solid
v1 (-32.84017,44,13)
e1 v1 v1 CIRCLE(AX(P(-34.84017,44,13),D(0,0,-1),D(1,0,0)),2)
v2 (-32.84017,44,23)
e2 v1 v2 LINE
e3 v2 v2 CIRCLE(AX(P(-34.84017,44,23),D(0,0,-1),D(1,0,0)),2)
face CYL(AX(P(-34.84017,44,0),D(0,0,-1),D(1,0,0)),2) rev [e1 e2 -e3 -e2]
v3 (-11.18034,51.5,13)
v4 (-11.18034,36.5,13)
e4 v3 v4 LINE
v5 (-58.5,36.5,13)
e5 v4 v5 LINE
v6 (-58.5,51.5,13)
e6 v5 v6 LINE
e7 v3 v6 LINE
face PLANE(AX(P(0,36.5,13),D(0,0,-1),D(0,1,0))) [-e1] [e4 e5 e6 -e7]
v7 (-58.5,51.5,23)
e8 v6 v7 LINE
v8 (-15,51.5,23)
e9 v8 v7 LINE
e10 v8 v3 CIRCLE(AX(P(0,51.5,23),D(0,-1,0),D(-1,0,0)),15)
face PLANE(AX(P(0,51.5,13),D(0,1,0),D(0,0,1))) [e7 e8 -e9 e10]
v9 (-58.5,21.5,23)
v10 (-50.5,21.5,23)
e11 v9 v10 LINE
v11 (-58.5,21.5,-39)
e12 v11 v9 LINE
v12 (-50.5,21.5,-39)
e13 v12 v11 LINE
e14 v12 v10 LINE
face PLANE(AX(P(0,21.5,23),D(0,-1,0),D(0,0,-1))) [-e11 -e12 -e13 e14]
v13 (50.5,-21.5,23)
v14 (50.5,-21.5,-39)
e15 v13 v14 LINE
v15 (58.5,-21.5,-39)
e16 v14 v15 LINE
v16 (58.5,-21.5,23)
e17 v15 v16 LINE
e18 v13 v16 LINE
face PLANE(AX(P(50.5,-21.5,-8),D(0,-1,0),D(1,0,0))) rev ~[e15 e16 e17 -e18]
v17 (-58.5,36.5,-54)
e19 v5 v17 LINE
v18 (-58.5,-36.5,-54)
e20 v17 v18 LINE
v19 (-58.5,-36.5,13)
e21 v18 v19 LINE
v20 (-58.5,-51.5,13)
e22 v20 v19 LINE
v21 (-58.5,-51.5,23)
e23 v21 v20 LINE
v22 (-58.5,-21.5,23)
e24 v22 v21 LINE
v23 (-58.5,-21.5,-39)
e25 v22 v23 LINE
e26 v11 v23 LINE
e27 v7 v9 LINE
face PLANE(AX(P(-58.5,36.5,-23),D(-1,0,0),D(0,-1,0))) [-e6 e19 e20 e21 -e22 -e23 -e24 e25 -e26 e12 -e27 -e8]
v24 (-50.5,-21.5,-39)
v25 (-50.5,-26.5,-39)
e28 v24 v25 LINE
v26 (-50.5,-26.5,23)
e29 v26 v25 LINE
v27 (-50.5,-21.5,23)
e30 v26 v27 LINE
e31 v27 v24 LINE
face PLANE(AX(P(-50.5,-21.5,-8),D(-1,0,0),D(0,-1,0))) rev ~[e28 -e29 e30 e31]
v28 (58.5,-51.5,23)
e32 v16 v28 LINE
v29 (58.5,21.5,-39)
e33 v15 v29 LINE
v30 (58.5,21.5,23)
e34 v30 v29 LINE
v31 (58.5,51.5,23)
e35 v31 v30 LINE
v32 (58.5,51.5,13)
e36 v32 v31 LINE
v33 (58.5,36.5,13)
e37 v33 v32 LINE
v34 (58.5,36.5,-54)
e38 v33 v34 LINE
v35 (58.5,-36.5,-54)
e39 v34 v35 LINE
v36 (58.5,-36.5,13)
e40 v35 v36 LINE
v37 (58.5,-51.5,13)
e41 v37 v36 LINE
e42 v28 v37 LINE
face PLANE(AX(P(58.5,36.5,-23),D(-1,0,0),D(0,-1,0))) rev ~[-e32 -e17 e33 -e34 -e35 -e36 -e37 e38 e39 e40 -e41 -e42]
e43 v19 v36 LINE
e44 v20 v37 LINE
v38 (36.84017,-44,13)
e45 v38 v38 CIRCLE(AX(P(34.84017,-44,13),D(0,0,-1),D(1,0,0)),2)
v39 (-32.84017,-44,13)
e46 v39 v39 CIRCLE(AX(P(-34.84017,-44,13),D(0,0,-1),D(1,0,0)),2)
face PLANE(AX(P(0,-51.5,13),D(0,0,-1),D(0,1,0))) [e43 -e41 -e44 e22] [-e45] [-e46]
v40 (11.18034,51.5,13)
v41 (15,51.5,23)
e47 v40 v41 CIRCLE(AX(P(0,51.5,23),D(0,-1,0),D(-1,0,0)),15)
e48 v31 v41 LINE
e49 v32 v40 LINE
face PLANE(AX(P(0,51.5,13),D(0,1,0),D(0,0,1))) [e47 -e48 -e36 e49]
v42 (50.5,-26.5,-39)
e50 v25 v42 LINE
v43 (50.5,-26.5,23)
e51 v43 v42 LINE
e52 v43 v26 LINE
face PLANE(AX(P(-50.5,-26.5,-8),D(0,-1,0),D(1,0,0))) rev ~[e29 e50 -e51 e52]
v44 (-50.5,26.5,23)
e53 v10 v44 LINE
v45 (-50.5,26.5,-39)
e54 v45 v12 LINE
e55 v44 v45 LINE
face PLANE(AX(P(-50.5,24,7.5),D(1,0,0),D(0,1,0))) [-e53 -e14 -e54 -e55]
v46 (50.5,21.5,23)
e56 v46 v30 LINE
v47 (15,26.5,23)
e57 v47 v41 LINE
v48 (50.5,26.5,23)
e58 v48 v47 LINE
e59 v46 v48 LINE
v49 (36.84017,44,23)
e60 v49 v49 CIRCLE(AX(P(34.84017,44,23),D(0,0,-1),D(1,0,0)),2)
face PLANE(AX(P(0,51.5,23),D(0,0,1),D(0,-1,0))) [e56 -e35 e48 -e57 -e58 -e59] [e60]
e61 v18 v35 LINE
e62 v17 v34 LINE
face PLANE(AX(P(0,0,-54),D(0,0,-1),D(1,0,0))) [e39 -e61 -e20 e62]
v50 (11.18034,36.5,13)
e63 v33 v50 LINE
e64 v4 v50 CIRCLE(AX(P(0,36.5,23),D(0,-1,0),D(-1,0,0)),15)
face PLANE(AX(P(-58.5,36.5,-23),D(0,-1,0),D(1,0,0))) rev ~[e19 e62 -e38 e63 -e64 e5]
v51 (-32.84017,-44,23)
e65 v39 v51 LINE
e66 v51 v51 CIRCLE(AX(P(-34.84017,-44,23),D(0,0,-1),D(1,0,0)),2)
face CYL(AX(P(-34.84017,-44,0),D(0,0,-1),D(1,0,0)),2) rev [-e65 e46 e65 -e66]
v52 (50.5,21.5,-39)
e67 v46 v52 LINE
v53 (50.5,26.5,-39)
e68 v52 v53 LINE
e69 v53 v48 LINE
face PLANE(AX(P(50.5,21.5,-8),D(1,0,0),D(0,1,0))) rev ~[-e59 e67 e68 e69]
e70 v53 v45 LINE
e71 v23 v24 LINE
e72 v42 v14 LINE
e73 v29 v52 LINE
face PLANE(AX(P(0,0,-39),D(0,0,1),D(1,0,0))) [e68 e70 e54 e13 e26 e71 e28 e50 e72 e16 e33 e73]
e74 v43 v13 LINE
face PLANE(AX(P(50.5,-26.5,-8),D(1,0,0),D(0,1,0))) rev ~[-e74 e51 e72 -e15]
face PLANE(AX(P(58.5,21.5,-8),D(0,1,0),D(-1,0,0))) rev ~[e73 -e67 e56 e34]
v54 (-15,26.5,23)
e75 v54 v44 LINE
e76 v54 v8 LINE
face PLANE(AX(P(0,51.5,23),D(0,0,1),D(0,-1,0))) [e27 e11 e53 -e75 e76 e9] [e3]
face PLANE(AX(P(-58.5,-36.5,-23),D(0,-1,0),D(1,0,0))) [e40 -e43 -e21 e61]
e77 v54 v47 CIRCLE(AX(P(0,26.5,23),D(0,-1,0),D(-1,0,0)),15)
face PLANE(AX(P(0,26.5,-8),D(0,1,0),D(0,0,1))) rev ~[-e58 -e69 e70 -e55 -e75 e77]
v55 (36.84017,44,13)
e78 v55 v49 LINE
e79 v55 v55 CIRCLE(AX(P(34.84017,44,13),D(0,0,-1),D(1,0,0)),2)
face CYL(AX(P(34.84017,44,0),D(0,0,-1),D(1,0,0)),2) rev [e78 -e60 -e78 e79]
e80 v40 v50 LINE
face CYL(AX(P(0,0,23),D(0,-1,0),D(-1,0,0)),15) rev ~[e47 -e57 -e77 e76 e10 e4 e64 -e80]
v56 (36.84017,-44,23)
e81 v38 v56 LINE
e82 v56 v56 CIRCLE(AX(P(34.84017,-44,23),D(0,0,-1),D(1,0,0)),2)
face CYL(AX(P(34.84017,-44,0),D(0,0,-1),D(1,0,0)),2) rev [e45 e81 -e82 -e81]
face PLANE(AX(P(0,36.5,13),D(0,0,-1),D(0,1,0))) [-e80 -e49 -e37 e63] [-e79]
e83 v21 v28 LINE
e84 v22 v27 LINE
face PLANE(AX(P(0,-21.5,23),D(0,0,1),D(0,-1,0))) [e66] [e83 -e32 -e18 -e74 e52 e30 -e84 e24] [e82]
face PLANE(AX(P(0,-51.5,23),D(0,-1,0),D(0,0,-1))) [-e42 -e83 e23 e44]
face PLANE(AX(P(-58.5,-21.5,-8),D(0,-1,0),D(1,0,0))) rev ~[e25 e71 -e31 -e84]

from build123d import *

# Parameters (mm, degrees)
F1_DEPTH  = 58.5
F3_DEPTH  = 136.4
F4_R      = 2
F5_DEPTH  = 25
F6_W      = 5
F6_H      = 31
F7_DEPTH  = 50.5
F8_W      = 117
F8_H      = 73
F9_DEPTH  = 31
F11_DEPTH = 31


with BuildPart() as f1:
    # F0 (on Right) → F1 (new body, symmetric)
    with BuildSketch(Plane.YZ):
        Polygon((51.5, 23), (36.5, 23), (21.5, 23), (21.5, -8), (0, -8), (-21.5, -8), (-21.5, 23), (-36.5, 23), (-51.5, 23), (-51.5, 13), (-36.5, 13), (-36.5, -23), (36.5, -23), (36.5, 13), (51.5, 13), align=None)
    extrude(amount=F1_DEPTH, both=True)

    # F2 (on Front) → F3 (cut)
    with BuildSketch(Plane.XZ):
        with BuildLine():
            ThreePointArc((-15, 23), (0, 8), (15, 23))
            Line((15, 23), (-15, 23))
        make_face()
    extrude(amount=-F3_DEPTH, mode=Mode.SUBTRACT)

    # F4 (on Top) → F5 (cut)
    with BuildSketch(Plane.XY):
        with Locations((-34.84017, -44)):
            Circle(F4_R)
        with Locations((34.84017, -44)):
            Circle(F4_R)
        with Locations((-34.84017, 44)):
            Circle(F4_R)
        with Locations((34.84017, 44)):
            Circle(F4_R)
    extrude(amount=F5_DEPTH, mode=Mode.SUBTRACT)

    # F6 (on Right) → F7 (cut, symmetric)
    with BuildSketch(Plane.YZ):
        with Locations((-24, 7.5)):
            Rectangle(F6_W, F6_H)
        with Locations((24, 7.5)):
            Rectangle(F6_W, F6_H)
    extrude(amount=F7_DEPTH, both=True, mode=Mode.SUBTRACT)

    # F8 (on face) → F9 (join)
    with BuildSketch(Plane(origin=(0, 0, -23), x_dir=(1, 0, 0), z_dir=(0, 0, -1))):
        Rectangle(F8_W, F8_H)
    extrude(amount=F9_DEPTH)

    # F10 (on face) → F11 (cut)
    with BuildSketch(Plane.XY.offset(-8)):
        Polygon((-50.5, 21.5), (-58.5, 21.5), (-58.5, -21.5), (-50.5, -21.5), (-50.5, -26.5), (50.5, -26.5), (50.5, -21.5), (58.5, -21.5), (58.5, 21.5), (50.5, 21.5), (50.5, 26.5), (-50.5, 26.5), align=None)
    extrude(amount=-F11_DEPTH, mode=Mode.SUBTRACT)


solid = f1.part
